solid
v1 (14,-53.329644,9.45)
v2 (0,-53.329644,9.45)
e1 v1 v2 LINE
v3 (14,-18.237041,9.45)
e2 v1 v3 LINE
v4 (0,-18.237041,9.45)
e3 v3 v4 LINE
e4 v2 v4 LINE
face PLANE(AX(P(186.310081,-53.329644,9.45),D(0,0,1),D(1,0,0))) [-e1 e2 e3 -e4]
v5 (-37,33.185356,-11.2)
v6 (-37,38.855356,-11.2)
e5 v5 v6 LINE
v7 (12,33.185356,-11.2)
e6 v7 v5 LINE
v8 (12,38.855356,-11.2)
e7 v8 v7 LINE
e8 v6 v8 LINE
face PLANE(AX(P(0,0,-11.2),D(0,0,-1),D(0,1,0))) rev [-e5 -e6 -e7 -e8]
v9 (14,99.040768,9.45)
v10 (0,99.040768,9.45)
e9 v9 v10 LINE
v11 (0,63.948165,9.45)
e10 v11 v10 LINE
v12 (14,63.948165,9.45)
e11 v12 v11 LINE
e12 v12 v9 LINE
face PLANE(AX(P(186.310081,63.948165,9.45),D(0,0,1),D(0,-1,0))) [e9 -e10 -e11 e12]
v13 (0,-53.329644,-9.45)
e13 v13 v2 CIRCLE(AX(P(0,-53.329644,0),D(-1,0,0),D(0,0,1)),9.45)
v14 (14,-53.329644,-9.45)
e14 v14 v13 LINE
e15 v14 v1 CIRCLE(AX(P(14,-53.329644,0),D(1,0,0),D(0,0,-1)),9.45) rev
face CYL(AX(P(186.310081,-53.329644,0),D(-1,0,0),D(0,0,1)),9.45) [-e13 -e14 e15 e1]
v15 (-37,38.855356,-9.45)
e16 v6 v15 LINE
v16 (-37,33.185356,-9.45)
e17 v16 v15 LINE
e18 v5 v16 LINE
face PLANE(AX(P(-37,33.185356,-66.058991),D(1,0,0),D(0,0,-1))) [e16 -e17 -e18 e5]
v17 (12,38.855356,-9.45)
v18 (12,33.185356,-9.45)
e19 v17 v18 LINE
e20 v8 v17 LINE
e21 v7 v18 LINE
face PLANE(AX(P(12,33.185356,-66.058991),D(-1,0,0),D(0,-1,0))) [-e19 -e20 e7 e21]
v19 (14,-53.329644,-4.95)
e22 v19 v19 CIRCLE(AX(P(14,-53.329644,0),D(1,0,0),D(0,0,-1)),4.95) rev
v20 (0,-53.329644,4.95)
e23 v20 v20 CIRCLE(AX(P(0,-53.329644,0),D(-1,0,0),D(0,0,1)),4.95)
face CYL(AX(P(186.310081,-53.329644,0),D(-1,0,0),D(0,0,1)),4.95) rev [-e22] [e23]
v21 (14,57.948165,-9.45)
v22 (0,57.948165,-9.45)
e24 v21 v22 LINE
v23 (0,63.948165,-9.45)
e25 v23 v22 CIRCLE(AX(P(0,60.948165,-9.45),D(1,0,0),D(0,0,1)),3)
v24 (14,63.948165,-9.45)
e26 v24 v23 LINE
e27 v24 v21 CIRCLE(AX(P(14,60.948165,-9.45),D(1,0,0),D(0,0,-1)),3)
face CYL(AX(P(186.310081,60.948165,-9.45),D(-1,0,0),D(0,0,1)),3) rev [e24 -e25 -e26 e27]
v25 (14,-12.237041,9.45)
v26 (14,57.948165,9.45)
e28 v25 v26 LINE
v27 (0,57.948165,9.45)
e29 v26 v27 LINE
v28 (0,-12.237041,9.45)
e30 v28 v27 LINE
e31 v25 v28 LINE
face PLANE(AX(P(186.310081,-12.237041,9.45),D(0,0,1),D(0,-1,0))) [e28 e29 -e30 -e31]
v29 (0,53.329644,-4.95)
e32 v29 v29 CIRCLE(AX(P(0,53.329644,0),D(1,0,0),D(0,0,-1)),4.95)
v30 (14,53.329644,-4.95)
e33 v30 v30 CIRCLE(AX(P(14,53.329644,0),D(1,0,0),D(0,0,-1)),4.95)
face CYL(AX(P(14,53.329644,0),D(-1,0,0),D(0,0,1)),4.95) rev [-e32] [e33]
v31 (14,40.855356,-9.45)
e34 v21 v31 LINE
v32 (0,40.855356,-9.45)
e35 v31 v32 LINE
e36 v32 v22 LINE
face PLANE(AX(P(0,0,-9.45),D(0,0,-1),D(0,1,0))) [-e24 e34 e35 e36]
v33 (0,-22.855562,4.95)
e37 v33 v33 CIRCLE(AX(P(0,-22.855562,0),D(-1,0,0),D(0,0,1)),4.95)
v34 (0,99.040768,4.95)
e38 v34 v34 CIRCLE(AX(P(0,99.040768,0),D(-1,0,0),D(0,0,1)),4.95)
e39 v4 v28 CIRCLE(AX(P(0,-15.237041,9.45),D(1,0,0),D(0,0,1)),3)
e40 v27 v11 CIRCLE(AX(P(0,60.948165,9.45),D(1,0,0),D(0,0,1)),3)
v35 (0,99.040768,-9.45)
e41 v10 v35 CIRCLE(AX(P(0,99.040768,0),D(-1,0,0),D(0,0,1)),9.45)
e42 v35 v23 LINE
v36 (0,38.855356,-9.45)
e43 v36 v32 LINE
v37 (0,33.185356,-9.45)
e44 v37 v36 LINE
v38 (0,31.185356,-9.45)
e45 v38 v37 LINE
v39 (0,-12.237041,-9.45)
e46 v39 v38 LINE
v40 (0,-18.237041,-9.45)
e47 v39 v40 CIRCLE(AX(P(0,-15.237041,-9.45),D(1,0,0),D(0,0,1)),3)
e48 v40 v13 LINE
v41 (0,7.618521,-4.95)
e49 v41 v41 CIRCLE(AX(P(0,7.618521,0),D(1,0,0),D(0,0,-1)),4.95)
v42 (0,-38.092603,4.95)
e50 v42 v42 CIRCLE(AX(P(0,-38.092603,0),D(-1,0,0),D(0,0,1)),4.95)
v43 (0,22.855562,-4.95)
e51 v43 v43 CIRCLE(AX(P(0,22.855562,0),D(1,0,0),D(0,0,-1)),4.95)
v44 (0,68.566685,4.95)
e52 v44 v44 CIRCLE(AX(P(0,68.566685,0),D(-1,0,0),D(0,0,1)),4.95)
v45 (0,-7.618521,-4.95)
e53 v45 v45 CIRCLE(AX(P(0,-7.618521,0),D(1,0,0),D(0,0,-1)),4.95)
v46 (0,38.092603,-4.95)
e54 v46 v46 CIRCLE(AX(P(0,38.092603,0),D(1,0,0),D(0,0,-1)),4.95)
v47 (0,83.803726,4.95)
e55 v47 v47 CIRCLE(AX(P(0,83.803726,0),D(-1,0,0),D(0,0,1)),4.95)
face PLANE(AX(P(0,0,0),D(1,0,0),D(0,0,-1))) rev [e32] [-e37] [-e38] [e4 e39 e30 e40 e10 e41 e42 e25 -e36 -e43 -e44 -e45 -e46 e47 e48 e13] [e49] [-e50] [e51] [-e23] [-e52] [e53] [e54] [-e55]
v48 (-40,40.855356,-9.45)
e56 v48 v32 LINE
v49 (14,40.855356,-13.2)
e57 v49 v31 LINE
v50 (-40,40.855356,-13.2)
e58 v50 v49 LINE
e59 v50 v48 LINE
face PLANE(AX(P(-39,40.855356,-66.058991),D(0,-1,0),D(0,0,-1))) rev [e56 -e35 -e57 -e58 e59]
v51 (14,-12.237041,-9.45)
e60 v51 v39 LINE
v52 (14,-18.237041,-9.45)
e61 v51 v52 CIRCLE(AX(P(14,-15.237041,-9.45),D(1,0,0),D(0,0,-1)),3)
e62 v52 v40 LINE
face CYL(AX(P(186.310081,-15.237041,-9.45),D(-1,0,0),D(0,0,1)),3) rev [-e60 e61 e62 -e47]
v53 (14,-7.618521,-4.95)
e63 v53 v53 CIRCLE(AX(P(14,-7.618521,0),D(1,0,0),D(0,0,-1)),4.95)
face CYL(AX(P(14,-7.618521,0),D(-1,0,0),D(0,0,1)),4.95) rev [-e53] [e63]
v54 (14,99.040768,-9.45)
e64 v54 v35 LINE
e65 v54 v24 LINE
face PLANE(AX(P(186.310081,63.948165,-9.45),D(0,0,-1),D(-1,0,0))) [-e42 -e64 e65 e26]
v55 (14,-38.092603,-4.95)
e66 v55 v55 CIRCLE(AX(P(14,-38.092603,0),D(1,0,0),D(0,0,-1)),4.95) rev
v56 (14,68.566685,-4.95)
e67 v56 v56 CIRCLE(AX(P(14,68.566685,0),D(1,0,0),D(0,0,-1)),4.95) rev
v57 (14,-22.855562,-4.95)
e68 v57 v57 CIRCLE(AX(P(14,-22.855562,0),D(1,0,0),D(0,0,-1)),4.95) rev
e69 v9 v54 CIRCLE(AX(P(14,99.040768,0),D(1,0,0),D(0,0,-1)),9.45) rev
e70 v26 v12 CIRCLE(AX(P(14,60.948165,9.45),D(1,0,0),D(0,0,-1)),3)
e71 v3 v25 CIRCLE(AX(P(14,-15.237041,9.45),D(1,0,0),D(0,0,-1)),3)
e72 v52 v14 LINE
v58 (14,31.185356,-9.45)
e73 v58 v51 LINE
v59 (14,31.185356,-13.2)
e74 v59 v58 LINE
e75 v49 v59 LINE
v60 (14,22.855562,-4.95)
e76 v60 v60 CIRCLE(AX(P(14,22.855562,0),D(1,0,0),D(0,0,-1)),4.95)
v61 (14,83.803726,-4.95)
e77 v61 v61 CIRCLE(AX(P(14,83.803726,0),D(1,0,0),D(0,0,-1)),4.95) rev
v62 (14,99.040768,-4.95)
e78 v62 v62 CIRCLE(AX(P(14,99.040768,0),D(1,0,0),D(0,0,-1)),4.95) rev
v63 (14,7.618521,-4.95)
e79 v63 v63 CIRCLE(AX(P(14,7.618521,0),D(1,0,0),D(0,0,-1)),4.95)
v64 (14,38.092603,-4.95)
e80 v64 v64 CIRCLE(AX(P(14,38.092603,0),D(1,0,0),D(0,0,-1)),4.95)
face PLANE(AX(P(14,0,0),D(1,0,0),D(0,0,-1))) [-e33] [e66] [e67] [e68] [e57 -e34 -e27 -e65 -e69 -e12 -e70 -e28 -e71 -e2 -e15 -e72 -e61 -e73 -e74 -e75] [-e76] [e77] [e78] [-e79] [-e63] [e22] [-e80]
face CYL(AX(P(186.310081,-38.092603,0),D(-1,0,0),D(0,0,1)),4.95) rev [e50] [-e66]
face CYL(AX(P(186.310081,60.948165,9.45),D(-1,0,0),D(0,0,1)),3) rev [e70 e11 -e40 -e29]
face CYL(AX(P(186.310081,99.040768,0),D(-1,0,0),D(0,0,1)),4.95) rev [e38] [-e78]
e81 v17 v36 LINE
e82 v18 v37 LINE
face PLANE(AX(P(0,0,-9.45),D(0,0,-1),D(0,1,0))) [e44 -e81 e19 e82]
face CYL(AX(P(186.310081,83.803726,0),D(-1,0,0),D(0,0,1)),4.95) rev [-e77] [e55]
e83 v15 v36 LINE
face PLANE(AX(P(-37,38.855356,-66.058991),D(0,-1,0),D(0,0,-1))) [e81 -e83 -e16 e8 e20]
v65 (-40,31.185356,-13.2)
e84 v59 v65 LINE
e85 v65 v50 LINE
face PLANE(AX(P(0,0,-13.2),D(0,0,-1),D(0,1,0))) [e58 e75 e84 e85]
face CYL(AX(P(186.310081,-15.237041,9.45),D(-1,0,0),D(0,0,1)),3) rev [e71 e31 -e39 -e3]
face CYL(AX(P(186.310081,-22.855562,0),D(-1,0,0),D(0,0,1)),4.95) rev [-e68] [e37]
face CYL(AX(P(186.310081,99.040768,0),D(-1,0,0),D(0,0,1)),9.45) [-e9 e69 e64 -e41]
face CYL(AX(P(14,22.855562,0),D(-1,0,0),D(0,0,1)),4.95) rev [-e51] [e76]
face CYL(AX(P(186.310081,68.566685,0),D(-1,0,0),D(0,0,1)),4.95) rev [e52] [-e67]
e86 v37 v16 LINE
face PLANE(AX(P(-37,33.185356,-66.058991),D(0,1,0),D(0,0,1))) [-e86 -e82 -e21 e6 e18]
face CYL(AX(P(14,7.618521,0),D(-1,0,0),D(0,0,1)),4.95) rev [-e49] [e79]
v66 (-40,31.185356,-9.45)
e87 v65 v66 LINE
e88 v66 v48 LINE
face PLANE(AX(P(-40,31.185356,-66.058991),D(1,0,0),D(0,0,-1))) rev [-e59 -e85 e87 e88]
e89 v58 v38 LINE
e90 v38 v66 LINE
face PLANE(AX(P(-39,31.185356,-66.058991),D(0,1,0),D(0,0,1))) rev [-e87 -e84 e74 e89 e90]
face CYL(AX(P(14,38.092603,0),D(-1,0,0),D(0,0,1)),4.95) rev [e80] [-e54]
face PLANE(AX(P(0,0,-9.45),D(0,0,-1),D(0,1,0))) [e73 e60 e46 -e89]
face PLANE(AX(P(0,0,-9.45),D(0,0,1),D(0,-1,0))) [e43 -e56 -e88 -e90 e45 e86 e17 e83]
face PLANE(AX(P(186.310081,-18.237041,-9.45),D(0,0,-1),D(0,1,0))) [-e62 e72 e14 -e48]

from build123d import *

# Parameters (mm, degrees)
SKETCH_1_R      = 4.95
EXTRUDE_1_DEPTH = 14
SKETCH_3_W      = 14
SKETCH_3_H      = 60.948164725
EXTRUDE_2_DEPTH = 3
SKETCH_4_R      = 4.95
EXTRUDE_3_DEPTH = 14
SKETCH_5_W      = 49
SKETCH_5_H      = 5.67
EXTRUDE_4_DEPTH = 1.75
EXTRUDE_5_DEPTH = 2


with BuildPart() as part:
    # Эскиз1 → Бобышка-Вытянуть1 (new body)
    with BuildSketch(Plane(origin=(0, 0, 0), x_dir=(0, 0, -1), z_dir=(1, 0, 0))):
        with BuildLine():
            Line((6.45, 38.092602953), (6.45, 53.329644134))
            ThreePointArc((6.45, 53.329644134), (0, 59.779644134), (-6.45, 53.329644134))
            Line((-6.45, 53.329644134), (-6.45, 38.092602953))
            Line((-6.45, 38.092602953), (-6.45, 22.855561772))
            Line((-6.45, 22.855561772), (-6.45, 7.618520591))
            Line((-6.45, 7.618520591), (-6.45, -7.618520591))
            ThreePointArc((-6.45, -7.618520591), (0, -14.068520591), (6.45, -7.618520591))
            Line((6.45, -7.618520591), (6.45, 7.618520591))
            Line((6.45, 7.618520591), (6.45, 22.855561772))
            Line((6.45, 22.855561772), (6.45, 38.092602953))
        make_face()
        with Locations((0, 7.618520591)):
            Circle(SKETCH_1_R, mode=Mode.SUBTRACT)
        with Locations((0, -7.618520591)):
            Circle(SKETCH_1_R, mode=Mode.SUBTRACT)
        with Locations((0, 22.855561772)):
            Circle(SKETCH_1_R, mode=Mode.SUBTRACT)
        with Locations((0, 38.092602953)):
            Circle(SKETCH_1_R, mode=Mode.SUBTRACT)
        with Locations((0, 53.329644134)):
            Circle(SKETCH_1_R, mode=Mode.SUBTRACT)
    extrude(amount=EXTRUDE_1_DEPTH)

    # Эскиз3 → Бобышка-Вытянуть2 (add)
    with BuildSketch(Plane(origin=(0, 0, -6.45), x_dir=(-1, 0, 0), z_dir=(0, 0, -1))):
        with Locations((-7, 22.855561772)):
            Rectangle(SKETCH_3_W, SKETCH_3_H)
    extrude(amount=EXTRUDE_2_DEPTH)

    # Эскиз4 → Бобышка-Вытянуть3 (add)
    with BuildSketch(Plane.ZY):
        with BuildLine():
            Line((-9.45, 53.329644134), (-9.45, 57.948164724))
            ThreePointArc((-9.45, 57.948164724), (-6.45, 60.948164724), (-9.45, 63.948164724))
            Line((-9.45, 63.948164724), (-9.45, 99.040767677))
            ThreePointArc((-9.45, 99.040767677), (0, 108.490767677), (9.45, 99.040767677))
            Line((9.45, 99.040767677), (9.45, 63.948164724))
            ThreePointArc((9.45, 63.948164724), (6.45, 60.948164724), (9.45, 57.948164724))
            Line((9.45, 57.948164724), (9.45, -12.237041181))
            ThreePointArc((9.45, -12.237041181), (6.45, -15.237041181), (9.45, -18.237041181))
            Line((9.45, -18.237041181), (9.45, -53.329644134))
            ThreePointArc((9.45, -53.329644134), (0, -62.779644134), (-9.45, -53.329644134))
            Line((-9.45, -53.329644134), (-9.45, -18.237041181))
            ThreePointArc((-9.45, -18.237041181), (-6.45, -15.237041181), (-9.45, -12.237041181))
            Line((-9.45, -12.237041181), (-9.45, 53.329644134))
        make_face()
        with Locations((0, 99.040767677)):
            Circle(SKETCH_4_R, mode=Mode.SUBTRACT)
        with Locations((0, 83.803726496)):
            Circle(SKETCH_4_R, mode=Mode.SUBTRACT)
        with Locations((0, 68.566685315)):
            Circle(SKETCH_4_R, mode=Mode.SUBTRACT)
        with Locations(Location((0, 53.329644134, 0), (0, 0, 180))):
            Circle(SKETCH_4_R, mode=Mode.SUBTRACT)
        with Locations((0, -53.329644134)):
            Circle(SKETCH_4_R, mode=Mode.SUBTRACT)
        with Locations((0, -38.092602953)):
            Circle(SKETCH_4_R, mode=Mode.SUBTRACT)
        with Locations((0, -22.855561772)):
            Circle(SKETCH_4_R, mode=Mode.SUBTRACT)
        with Locations(Location((0, -7.618520591, 0), (0, 0, 180))):
            Circle(SKETCH_4_R, mode=Mode.SUBTRACT)
        with Locations(Location((0, 38.092602953, 0), (0, 0, 180))):
            Circle(SKETCH_4_R, mode=Mode.SUBTRACT)
        with Locations(Location((0, 22.855561772, 0), (0, 0, 180))):
            Circle(SKETCH_4_R, mode=Mode.SUBTRACT)
        with Locations(Location((0, 7.618520591, 0), (0, 0, 180))):
            Circle(SKETCH_4_R, mode=Mode.SUBTRACT)
    extrude(amount=-EXTRUDE_3_DEPTH)

    # Эскиз5 → Бобышка-Вытянуть4 (add)
    with BuildSketch(Plane(origin=(0, 0, -9.45), x_dir=(-1, 0, 0), z_dir=(0, 0, -1))):
        Polygon((-14, 31.185355866), (-14, 40.855355866), (39, 40.855355866), (40, 40.855355866), (40, 31.185355866), (39, 31.185355866), align=None)
        with Locations((12.5, 36.020355866)):
            Rectangle(SKETCH_5_W, SKETCH_5_H, mode=Mode.SUBTRACT)
    extrude(amount=EXTRUDE_4_DEPTH)

    # Эскиз6 → Бобышка-Вытянуть5 (add)
    with BuildSketch(Plane(origin=(0, 0, -11.2), x_dir=(-1, 0, 0), z_dir=(0, 0, -1))):
        Polygon((39, 31.185355866), (-14, 31.185355866), (-14, 40.855355866), (39, 40.855355866), (40, 40.855355866), (40, 31.185355866), align=None)
    extrude(amount=EXTRUDE_5_DEPTH)


solid = part.part
